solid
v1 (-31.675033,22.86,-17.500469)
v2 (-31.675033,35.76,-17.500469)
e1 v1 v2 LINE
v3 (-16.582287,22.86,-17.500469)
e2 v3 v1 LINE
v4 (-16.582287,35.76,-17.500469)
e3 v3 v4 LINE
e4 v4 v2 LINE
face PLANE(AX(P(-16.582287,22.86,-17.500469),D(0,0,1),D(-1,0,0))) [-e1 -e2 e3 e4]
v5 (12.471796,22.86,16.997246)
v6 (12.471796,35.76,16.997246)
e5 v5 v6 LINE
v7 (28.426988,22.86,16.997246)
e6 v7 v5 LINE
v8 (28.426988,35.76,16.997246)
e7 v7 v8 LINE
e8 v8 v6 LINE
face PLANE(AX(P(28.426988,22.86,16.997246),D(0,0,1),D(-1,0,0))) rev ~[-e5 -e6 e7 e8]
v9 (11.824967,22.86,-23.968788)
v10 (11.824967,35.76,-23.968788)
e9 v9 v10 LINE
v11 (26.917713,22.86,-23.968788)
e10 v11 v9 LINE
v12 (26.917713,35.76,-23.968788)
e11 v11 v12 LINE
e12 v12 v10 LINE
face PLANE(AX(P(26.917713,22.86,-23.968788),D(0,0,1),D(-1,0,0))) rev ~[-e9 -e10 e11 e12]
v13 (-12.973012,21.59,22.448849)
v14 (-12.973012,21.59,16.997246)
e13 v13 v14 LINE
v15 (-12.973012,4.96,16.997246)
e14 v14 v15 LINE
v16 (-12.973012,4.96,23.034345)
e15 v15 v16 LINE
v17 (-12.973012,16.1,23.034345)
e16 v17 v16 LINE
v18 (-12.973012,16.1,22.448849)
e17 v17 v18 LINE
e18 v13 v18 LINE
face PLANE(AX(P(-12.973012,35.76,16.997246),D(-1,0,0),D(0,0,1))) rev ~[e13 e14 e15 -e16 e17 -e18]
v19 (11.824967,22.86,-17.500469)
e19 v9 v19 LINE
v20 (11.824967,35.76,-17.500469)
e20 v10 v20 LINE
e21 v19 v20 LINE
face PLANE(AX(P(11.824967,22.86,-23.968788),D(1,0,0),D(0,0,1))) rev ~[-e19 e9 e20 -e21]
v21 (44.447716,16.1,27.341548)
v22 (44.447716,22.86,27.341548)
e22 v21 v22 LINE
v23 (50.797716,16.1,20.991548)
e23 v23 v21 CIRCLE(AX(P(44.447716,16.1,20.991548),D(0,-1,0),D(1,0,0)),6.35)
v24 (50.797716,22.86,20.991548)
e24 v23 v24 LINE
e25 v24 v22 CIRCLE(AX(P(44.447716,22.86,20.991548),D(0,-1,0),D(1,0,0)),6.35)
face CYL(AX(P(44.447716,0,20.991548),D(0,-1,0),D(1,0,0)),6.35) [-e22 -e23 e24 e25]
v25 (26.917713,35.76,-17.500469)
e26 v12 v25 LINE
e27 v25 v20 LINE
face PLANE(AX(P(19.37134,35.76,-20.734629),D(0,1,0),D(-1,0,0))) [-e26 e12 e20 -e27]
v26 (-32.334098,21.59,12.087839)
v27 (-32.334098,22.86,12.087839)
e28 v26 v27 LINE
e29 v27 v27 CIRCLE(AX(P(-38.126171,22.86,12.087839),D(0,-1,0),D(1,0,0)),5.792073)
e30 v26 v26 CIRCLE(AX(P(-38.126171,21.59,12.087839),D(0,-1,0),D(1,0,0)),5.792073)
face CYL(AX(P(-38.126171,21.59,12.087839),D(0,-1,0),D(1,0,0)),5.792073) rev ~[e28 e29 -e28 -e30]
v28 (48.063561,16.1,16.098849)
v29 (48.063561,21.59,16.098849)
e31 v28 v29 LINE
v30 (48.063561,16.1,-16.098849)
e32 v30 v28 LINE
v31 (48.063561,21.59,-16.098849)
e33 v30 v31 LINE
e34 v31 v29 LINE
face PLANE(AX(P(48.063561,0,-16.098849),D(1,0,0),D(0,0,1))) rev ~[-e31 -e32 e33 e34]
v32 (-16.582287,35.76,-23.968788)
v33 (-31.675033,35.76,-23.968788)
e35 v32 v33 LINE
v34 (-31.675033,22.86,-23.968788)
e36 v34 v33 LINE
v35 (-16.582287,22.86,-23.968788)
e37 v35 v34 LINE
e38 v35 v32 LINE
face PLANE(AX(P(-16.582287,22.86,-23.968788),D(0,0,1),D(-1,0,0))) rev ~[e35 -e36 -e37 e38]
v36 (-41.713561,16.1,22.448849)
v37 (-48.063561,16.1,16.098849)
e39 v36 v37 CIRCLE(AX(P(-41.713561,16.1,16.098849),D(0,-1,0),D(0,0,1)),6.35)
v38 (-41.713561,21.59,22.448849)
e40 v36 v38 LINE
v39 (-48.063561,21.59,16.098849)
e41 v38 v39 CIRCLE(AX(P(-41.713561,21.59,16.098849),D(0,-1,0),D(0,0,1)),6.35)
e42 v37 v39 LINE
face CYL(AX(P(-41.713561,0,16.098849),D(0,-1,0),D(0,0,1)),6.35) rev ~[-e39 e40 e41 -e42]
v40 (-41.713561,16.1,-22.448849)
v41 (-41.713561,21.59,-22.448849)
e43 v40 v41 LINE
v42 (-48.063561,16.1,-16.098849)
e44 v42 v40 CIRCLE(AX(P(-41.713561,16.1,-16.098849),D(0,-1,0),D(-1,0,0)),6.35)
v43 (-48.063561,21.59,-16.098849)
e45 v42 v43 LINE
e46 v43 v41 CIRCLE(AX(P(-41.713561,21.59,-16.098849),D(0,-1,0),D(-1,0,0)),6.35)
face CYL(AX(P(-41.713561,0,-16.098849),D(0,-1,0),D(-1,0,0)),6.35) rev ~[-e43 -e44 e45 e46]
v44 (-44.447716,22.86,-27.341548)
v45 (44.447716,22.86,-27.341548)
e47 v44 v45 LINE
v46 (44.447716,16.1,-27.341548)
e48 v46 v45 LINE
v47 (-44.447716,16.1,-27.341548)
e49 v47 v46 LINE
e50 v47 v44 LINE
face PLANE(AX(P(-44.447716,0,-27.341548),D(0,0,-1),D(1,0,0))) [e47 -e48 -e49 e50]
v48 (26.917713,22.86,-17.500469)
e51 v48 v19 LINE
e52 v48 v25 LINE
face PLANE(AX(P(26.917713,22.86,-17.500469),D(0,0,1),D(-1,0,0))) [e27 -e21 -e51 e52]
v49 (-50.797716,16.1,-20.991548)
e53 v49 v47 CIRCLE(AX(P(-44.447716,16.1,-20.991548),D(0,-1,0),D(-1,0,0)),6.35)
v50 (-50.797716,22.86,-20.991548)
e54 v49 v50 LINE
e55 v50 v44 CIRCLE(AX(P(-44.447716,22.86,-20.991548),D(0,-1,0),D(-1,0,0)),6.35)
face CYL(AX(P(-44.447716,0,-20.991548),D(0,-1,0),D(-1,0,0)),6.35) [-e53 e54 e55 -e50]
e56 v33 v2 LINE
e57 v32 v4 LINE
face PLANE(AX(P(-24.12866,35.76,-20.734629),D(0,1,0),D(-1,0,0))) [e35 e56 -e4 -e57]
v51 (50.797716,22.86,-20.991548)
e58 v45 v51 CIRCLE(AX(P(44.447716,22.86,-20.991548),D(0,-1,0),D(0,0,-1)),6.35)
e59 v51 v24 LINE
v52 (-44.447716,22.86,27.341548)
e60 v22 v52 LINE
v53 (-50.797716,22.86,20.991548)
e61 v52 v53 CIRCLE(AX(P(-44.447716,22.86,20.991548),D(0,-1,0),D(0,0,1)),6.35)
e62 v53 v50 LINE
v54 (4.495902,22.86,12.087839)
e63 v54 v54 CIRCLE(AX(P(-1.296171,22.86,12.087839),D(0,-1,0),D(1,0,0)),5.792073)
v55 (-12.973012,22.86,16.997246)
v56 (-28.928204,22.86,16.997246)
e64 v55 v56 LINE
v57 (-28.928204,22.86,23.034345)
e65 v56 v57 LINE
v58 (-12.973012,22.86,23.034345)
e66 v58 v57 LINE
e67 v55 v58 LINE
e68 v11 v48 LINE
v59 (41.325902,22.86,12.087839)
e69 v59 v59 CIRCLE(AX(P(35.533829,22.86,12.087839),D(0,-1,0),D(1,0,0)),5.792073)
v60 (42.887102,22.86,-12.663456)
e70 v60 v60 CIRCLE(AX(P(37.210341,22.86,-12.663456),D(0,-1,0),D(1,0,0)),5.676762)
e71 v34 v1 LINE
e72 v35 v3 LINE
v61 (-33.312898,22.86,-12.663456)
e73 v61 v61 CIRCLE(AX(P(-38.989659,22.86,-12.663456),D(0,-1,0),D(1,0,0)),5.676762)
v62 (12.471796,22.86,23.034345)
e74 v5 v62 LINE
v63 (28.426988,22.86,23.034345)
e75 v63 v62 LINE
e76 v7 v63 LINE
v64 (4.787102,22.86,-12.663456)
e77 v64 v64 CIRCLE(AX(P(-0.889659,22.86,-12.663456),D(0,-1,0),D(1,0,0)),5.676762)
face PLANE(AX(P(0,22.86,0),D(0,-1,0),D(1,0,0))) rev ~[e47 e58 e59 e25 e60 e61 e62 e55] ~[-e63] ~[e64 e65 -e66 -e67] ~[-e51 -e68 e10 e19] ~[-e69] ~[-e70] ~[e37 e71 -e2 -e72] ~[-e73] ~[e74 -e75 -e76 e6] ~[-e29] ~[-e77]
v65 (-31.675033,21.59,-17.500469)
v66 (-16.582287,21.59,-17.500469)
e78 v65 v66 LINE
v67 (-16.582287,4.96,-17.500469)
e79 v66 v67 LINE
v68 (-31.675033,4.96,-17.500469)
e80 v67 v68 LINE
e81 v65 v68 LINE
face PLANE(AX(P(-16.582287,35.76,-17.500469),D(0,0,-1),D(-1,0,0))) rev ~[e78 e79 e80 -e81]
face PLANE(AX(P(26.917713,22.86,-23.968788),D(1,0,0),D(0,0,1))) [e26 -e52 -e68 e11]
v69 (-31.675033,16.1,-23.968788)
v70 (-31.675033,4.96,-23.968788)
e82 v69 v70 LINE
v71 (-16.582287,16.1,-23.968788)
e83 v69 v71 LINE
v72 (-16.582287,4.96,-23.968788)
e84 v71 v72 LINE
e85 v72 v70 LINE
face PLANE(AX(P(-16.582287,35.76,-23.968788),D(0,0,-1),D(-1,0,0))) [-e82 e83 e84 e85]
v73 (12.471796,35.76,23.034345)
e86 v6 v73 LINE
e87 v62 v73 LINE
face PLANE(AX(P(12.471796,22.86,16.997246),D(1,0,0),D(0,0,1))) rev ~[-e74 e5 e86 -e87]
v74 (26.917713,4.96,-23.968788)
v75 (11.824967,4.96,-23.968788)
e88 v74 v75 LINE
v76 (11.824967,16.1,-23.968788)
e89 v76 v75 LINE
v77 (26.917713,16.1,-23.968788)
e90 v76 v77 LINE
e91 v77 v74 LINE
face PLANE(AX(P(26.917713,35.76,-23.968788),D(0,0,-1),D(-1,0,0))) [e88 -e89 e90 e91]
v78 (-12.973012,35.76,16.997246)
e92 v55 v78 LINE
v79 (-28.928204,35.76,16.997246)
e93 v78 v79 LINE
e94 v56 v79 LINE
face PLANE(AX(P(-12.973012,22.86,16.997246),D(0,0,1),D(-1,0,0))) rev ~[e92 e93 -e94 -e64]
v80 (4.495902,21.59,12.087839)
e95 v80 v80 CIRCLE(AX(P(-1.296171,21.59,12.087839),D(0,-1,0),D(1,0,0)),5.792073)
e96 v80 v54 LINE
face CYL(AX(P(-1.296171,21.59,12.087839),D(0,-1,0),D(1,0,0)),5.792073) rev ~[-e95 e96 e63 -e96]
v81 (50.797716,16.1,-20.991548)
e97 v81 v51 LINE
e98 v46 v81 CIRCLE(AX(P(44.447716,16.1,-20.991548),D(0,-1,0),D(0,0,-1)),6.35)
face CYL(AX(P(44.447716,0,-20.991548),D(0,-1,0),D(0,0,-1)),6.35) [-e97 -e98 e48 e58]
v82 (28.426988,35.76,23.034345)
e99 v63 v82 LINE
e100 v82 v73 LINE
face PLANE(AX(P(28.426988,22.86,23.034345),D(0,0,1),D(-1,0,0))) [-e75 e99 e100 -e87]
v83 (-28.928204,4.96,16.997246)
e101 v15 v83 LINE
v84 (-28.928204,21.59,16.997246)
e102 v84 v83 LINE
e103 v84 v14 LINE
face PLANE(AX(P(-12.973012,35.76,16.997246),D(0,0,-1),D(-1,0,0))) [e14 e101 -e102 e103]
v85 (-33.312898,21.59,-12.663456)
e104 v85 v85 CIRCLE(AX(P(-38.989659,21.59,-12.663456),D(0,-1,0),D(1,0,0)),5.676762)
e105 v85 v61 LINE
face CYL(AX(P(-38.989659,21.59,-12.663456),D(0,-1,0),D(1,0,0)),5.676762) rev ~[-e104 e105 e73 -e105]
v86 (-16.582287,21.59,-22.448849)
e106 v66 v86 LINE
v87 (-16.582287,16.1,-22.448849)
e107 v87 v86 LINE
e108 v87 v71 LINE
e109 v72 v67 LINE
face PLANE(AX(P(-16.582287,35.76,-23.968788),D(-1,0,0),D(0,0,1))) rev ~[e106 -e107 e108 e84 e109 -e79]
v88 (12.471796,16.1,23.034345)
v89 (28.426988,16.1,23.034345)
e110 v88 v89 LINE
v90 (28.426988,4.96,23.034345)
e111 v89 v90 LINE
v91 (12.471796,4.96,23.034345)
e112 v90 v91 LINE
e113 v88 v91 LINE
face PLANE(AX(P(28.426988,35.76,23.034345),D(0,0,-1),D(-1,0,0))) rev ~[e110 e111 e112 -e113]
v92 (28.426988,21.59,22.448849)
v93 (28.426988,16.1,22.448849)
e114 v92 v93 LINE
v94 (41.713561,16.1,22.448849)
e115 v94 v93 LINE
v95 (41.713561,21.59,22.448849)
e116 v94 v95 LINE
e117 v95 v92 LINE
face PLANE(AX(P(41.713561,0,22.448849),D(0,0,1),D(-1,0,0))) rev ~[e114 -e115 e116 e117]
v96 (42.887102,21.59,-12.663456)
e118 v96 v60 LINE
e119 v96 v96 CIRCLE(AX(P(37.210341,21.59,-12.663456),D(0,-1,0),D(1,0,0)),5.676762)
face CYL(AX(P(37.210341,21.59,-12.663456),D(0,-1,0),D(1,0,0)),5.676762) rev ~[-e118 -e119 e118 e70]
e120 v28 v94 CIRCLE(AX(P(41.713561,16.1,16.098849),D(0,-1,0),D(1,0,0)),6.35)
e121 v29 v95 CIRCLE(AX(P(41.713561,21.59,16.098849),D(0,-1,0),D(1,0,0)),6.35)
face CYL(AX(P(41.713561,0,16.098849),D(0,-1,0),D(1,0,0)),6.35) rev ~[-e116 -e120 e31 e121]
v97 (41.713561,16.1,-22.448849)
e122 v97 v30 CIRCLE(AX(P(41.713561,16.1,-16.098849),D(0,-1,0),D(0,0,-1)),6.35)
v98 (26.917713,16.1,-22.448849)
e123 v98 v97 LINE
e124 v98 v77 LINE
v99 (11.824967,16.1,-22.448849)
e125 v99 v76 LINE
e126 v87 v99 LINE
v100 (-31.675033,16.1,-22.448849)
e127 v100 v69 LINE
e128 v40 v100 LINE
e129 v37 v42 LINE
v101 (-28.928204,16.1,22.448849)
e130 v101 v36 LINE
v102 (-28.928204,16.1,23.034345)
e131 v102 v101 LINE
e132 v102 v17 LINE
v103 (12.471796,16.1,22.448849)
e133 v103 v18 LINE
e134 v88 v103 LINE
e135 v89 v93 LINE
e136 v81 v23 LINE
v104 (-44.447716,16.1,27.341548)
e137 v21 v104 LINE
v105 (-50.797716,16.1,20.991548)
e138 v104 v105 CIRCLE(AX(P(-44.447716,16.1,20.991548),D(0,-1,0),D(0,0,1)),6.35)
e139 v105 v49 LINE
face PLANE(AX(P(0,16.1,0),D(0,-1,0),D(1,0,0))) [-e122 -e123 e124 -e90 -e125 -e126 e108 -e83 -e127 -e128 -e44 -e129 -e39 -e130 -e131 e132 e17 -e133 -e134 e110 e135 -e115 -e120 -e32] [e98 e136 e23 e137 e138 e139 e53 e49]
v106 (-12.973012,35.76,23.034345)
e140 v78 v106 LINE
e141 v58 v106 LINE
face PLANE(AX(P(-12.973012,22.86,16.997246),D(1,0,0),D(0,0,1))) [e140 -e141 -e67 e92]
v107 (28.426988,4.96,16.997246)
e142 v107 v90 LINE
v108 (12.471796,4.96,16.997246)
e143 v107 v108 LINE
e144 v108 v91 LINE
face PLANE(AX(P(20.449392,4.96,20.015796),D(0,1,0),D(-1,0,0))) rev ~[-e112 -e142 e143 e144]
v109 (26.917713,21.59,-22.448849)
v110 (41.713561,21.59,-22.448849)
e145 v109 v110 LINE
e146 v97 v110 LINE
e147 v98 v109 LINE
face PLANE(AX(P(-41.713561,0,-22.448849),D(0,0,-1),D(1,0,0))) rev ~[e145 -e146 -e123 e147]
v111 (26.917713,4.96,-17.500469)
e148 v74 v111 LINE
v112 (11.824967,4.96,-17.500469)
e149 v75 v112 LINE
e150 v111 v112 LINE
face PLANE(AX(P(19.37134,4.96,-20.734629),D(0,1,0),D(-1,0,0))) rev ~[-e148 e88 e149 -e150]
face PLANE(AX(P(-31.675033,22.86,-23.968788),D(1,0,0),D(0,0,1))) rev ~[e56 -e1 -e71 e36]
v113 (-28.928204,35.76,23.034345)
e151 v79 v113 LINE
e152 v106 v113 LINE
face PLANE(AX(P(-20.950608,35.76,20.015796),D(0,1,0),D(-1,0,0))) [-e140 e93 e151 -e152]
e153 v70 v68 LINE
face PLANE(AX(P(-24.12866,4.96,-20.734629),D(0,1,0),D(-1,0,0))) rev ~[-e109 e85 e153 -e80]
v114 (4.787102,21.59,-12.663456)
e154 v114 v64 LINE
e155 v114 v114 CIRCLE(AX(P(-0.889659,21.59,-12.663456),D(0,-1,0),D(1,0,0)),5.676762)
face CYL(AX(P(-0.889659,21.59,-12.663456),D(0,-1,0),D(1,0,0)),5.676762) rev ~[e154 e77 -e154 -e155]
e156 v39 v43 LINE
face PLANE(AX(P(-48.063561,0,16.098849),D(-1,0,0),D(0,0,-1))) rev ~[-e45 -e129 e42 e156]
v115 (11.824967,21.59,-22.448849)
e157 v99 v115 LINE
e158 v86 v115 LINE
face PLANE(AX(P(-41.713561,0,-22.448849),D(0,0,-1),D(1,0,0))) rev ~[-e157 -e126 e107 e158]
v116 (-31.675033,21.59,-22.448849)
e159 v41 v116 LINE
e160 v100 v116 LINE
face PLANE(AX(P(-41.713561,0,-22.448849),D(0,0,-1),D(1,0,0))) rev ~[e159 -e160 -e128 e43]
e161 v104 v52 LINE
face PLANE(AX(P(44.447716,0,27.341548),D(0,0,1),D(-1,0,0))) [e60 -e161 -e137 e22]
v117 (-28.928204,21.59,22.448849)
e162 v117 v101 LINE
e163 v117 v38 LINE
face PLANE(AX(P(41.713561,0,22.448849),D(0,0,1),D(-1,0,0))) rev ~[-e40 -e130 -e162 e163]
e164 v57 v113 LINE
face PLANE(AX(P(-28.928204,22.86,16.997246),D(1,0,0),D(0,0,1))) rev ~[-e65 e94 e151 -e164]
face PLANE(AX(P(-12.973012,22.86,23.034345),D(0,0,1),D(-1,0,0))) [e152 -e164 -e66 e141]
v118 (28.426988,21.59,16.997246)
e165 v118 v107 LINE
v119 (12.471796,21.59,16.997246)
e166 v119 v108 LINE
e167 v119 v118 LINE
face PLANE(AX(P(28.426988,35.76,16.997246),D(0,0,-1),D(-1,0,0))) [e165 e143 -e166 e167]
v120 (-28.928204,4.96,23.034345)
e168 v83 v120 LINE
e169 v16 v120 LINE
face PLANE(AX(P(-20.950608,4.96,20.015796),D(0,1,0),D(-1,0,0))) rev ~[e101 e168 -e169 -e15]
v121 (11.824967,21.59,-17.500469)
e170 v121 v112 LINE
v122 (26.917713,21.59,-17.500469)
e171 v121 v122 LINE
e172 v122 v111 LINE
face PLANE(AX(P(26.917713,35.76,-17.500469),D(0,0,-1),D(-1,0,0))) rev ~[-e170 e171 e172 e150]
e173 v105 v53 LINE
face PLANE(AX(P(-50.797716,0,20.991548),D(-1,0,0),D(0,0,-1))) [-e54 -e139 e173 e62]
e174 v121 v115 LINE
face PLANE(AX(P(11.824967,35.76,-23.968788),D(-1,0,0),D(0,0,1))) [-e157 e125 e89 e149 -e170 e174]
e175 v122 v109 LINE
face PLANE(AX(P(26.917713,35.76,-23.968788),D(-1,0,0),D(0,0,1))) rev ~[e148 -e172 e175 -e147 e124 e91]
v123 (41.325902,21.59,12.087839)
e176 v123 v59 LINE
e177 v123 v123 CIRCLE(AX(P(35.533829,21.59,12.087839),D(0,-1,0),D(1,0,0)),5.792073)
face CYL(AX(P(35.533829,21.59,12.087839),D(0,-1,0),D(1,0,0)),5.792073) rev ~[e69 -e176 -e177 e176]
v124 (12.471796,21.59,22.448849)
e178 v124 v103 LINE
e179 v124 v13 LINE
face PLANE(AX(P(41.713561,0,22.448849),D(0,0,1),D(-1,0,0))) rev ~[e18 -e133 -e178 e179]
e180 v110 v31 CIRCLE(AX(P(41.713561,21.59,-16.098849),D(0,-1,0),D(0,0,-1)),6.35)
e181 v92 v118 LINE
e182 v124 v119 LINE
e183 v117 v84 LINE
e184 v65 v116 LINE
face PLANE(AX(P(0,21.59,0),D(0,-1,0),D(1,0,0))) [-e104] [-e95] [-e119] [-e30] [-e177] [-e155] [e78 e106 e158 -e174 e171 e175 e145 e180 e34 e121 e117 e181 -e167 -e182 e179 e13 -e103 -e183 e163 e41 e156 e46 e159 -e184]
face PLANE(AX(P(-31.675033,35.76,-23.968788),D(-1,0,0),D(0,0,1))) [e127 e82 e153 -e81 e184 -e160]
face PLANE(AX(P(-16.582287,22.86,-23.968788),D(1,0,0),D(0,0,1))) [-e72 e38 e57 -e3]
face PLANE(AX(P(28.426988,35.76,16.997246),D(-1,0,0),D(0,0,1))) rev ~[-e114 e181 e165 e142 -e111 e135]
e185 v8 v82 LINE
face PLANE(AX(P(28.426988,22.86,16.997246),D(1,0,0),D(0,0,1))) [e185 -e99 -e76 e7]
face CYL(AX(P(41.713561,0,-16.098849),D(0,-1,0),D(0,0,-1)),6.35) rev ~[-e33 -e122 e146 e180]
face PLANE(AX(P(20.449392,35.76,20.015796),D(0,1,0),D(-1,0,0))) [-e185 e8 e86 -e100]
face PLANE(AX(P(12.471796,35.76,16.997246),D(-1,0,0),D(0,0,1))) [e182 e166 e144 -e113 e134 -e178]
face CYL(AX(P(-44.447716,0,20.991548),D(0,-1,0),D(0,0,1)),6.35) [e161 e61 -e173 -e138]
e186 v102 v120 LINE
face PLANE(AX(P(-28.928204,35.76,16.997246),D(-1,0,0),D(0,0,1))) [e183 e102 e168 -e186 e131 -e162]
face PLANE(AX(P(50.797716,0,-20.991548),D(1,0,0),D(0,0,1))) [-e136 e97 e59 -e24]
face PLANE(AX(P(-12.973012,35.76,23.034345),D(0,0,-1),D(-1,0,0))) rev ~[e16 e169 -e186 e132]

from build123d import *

# Parameters (mm, degrees)
F1_DEPTH = 22.86
F3_DEPTH = 21.59
F4_R     = 5.7920726269
F4_R_2   = 5.6767618258
F5_DEPTH = 25.4
F6_W     = 15.9551920369
F6_H     = 6.0370992869
F6_W_2   = 15.0927454233
F6_H_2   = 6.4683184028
F7_DEPTH = 12.9
F8_DEPTH = 16.1
F9_DEPTH = 30.8


with BuildPart() as f1:
    # F0 (on Front) → F1 (new body)
    with BuildSketch(Plane.XZ):
        with BuildLine():
            ThreePointArc((-50.7977157831, -20.9915483534), (-48.9378438437, -25.481676414), (-44.4477157831, -27.3415483534))
            Line((-44.4477157831, -27.3415483534), (44.4477157831, -27.3415483534))
            ThreePointArc((44.4477157831, -27.3415483534), (48.9378438437, -25.481676414), (50.7977157831, -20.9915483534))
            Line((50.7977157831, -20.9915483534), (50.7977157831, 20.9915483534))
            ThreePointArc((50.7977157831, 20.9915483534), (48.9378438437, 25.481676414), (44.4477157831, 27.3415483534))
            Line((44.4477157831, 27.3415483534), (-44.4477157831, 27.3415483534))
            ThreePointArc((-44.4477157831, 27.3415483534), (-48.9378438437, 25.481676414), (-50.7977157831, 20.9915483534))
            Line((-50.7977157831, 20.9915483534), (-50.7977157831, -20.9915483534))
        make_face()
        with BuildLine():
            Line((37.8281841218, -17.8439579904), (-37.8281841218, -17.8439579904))
            ThreePointArc((-37.8281841218, -17.8439579904), (-42.3183121824, -15.9840860509), (-44.1781841218, -11.4939579904))
            Line((-44.1781841218, -11.4939579904), (-44.1781841218, 11.4939579904))
            ThreePointArc((-44.1781841218, 11.4939579904), (-42.3183121824, 15.9840860509), (-37.8281841218, 17.8439579904))
            Line((-37.8281841218, 17.8439579904), (37.8281841218, 17.8439579904))
            ThreePointArc((37.8281841218, 17.8439579904), (42.3183121824, 15.9840860509), (44.1781841218, 11.4939579904))
            Line((44.1781841218, 11.4939579904), (44.1781841218, -11.4939579904))
            ThreePointArc((44.1781841218, -11.4939579904), (42.3183121824, -15.9840860509), (37.8281841218, -17.8439579904))
        make_face(mode=Mode.SUBTRACT)
        with BuildLine():
            ThreePointArc((-44.1781841218, -11.4939579904), (-42.3183121824, -15.9840860509), (-37.8281841218, -17.8439579904))
            Line((-37.8281841218, -17.8439579904), (37.8281841218, -17.8439579904))
            ThreePointArc((37.8281841218, -17.8439579904), (42.3183121824, -15.9840860509), (44.1781841218, -11.4939579904))
            Line((44.1781841218, -11.4939579904), (44.1781841218, 11.4939579904))
            ThreePointArc((44.1781841218, 11.4939579904), (42.3183121824, 15.9840860509), (37.8281841218, 17.8439579904))
            Line((37.8281841218, 17.8439579904), (-37.8281841218, 17.8439579904))
            ThreePointArc((-37.8281841218, 17.8439579904), (-42.3183121824, 15.9840860509), (-44.1781841218, 11.4939579904))
            Line((-44.1781841218, 11.4939579904), (-44.1781841218, -11.4939579904))
        make_face()
    extrude(amount=-F1_DEPTH)

    # F2 (on Front) → F3 (cut)
    with BuildSketch(Plane.XZ):
        with BuildLine():
            Line((-41.7135613203, -22.448848933), (41.7135613203, -22.448848933))
            ThreePointArc((41.7135613203, -22.448848933), (46.2036893808, -20.5889769935), (48.0635613203, -16.098848933))
            Line((48.0635613203, -16.098848933), (48.0635613203, 16.098848933))
            ThreePointArc((48.0635613203, 16.098848933), (46.2036893808, 20.5889769935), (41.7135613203, 22.448848933))
            Line((41.7135613203, 22.448848933), (-41.7135613203, 22.448848933))
            ThreePointArc((-41.7135613203, 22.448848933), (-46.2036893808, 20.5889769935), (-48.0635613203, 16.098848933))
            Line((-48.0635613203, 16.098848933), (-48.0635613203, -16.098848933))
            ThreePointArc((-48.0635613203, -16.098848933), (-46.2036893808, -20.5889769935), (-41.7135613203, -22.448848933))
        make_face()
    extrude(amount=-F3_DEPTH, mode=Mode.SUBTRACT)

    # F4 (on face) → F5 (cut)
    with BuildSketch(Plane.XZ.offset(-21.59)):
        with Locations((-38.1261706352, 12.0878387243)):
            Circle(F4_R)
        with Locations((-1.2961706352, 12.0878387243)):
            Circle(F4_R)
        with Locations((35.5338293648, 12.0878387243)):
            Circle(F4_R)
        with Locations((-38.9896593988, -12.66345568)):
            Circle(F4_R_2)
        with Locations((-0.8896593988, -12.66345568)):
            Circle(F4_R_2)
        with Locations((37.2103406012, -12.66345568)):
            Circle(F4_R_2)
    extrude(amount=-F5_DEPTH, mode=Mode.SUBTRACT)

    # F6 (on face) → F7 (join)
    with BuildSketch(Plane(origin=(0, 22.86, 0), x_dir=(-1, 0, 0), z_dir=(0, 1, 0))):
        with Locations((-20.4493920319, 20.0157957152)):
            Rectangle(F6_W, F6_H)
        with Locations((20.9506079681, 20.0157957152)):
            Rectangle(F6_W, F6_H)
        with Locations((-19.3713400513, -20.7346286625)):
            Rectangle(F6_W_2, F6_H_2)
        with Locations((24.1286599487, -20.7346286625)):
            Rectangle(F6_W_2, F6_H_2)
    extrude(amount=F7_DEPTH)

    # F8 (cut): a face of the model
    f8_faces = [f1.faces().sort_by_distance(p)[0] for p in [
        (-48.1220046199, 0, 24.6658371902),
    ]]
    extrude(f8_faces, amount=-F8_DEPTH, mode=Mode.SUBTRACT)

    # F9 (add): faces of the model
    f9_faces = [f1.faces().sort_by_distance(p)[0] for p in [
        (20.4493920319, 35.76, 20.0157957152),
        (-20.9506079681, 35.76, 20.0157957152),
        (-24.1286599487, 35.76, -20.7346286625),
        (19.3713400513, 35.76, -20.7346286625),
    ]]
    extrude(f9_faces, amount=-F9_DEPTH)


solid = f1.part
